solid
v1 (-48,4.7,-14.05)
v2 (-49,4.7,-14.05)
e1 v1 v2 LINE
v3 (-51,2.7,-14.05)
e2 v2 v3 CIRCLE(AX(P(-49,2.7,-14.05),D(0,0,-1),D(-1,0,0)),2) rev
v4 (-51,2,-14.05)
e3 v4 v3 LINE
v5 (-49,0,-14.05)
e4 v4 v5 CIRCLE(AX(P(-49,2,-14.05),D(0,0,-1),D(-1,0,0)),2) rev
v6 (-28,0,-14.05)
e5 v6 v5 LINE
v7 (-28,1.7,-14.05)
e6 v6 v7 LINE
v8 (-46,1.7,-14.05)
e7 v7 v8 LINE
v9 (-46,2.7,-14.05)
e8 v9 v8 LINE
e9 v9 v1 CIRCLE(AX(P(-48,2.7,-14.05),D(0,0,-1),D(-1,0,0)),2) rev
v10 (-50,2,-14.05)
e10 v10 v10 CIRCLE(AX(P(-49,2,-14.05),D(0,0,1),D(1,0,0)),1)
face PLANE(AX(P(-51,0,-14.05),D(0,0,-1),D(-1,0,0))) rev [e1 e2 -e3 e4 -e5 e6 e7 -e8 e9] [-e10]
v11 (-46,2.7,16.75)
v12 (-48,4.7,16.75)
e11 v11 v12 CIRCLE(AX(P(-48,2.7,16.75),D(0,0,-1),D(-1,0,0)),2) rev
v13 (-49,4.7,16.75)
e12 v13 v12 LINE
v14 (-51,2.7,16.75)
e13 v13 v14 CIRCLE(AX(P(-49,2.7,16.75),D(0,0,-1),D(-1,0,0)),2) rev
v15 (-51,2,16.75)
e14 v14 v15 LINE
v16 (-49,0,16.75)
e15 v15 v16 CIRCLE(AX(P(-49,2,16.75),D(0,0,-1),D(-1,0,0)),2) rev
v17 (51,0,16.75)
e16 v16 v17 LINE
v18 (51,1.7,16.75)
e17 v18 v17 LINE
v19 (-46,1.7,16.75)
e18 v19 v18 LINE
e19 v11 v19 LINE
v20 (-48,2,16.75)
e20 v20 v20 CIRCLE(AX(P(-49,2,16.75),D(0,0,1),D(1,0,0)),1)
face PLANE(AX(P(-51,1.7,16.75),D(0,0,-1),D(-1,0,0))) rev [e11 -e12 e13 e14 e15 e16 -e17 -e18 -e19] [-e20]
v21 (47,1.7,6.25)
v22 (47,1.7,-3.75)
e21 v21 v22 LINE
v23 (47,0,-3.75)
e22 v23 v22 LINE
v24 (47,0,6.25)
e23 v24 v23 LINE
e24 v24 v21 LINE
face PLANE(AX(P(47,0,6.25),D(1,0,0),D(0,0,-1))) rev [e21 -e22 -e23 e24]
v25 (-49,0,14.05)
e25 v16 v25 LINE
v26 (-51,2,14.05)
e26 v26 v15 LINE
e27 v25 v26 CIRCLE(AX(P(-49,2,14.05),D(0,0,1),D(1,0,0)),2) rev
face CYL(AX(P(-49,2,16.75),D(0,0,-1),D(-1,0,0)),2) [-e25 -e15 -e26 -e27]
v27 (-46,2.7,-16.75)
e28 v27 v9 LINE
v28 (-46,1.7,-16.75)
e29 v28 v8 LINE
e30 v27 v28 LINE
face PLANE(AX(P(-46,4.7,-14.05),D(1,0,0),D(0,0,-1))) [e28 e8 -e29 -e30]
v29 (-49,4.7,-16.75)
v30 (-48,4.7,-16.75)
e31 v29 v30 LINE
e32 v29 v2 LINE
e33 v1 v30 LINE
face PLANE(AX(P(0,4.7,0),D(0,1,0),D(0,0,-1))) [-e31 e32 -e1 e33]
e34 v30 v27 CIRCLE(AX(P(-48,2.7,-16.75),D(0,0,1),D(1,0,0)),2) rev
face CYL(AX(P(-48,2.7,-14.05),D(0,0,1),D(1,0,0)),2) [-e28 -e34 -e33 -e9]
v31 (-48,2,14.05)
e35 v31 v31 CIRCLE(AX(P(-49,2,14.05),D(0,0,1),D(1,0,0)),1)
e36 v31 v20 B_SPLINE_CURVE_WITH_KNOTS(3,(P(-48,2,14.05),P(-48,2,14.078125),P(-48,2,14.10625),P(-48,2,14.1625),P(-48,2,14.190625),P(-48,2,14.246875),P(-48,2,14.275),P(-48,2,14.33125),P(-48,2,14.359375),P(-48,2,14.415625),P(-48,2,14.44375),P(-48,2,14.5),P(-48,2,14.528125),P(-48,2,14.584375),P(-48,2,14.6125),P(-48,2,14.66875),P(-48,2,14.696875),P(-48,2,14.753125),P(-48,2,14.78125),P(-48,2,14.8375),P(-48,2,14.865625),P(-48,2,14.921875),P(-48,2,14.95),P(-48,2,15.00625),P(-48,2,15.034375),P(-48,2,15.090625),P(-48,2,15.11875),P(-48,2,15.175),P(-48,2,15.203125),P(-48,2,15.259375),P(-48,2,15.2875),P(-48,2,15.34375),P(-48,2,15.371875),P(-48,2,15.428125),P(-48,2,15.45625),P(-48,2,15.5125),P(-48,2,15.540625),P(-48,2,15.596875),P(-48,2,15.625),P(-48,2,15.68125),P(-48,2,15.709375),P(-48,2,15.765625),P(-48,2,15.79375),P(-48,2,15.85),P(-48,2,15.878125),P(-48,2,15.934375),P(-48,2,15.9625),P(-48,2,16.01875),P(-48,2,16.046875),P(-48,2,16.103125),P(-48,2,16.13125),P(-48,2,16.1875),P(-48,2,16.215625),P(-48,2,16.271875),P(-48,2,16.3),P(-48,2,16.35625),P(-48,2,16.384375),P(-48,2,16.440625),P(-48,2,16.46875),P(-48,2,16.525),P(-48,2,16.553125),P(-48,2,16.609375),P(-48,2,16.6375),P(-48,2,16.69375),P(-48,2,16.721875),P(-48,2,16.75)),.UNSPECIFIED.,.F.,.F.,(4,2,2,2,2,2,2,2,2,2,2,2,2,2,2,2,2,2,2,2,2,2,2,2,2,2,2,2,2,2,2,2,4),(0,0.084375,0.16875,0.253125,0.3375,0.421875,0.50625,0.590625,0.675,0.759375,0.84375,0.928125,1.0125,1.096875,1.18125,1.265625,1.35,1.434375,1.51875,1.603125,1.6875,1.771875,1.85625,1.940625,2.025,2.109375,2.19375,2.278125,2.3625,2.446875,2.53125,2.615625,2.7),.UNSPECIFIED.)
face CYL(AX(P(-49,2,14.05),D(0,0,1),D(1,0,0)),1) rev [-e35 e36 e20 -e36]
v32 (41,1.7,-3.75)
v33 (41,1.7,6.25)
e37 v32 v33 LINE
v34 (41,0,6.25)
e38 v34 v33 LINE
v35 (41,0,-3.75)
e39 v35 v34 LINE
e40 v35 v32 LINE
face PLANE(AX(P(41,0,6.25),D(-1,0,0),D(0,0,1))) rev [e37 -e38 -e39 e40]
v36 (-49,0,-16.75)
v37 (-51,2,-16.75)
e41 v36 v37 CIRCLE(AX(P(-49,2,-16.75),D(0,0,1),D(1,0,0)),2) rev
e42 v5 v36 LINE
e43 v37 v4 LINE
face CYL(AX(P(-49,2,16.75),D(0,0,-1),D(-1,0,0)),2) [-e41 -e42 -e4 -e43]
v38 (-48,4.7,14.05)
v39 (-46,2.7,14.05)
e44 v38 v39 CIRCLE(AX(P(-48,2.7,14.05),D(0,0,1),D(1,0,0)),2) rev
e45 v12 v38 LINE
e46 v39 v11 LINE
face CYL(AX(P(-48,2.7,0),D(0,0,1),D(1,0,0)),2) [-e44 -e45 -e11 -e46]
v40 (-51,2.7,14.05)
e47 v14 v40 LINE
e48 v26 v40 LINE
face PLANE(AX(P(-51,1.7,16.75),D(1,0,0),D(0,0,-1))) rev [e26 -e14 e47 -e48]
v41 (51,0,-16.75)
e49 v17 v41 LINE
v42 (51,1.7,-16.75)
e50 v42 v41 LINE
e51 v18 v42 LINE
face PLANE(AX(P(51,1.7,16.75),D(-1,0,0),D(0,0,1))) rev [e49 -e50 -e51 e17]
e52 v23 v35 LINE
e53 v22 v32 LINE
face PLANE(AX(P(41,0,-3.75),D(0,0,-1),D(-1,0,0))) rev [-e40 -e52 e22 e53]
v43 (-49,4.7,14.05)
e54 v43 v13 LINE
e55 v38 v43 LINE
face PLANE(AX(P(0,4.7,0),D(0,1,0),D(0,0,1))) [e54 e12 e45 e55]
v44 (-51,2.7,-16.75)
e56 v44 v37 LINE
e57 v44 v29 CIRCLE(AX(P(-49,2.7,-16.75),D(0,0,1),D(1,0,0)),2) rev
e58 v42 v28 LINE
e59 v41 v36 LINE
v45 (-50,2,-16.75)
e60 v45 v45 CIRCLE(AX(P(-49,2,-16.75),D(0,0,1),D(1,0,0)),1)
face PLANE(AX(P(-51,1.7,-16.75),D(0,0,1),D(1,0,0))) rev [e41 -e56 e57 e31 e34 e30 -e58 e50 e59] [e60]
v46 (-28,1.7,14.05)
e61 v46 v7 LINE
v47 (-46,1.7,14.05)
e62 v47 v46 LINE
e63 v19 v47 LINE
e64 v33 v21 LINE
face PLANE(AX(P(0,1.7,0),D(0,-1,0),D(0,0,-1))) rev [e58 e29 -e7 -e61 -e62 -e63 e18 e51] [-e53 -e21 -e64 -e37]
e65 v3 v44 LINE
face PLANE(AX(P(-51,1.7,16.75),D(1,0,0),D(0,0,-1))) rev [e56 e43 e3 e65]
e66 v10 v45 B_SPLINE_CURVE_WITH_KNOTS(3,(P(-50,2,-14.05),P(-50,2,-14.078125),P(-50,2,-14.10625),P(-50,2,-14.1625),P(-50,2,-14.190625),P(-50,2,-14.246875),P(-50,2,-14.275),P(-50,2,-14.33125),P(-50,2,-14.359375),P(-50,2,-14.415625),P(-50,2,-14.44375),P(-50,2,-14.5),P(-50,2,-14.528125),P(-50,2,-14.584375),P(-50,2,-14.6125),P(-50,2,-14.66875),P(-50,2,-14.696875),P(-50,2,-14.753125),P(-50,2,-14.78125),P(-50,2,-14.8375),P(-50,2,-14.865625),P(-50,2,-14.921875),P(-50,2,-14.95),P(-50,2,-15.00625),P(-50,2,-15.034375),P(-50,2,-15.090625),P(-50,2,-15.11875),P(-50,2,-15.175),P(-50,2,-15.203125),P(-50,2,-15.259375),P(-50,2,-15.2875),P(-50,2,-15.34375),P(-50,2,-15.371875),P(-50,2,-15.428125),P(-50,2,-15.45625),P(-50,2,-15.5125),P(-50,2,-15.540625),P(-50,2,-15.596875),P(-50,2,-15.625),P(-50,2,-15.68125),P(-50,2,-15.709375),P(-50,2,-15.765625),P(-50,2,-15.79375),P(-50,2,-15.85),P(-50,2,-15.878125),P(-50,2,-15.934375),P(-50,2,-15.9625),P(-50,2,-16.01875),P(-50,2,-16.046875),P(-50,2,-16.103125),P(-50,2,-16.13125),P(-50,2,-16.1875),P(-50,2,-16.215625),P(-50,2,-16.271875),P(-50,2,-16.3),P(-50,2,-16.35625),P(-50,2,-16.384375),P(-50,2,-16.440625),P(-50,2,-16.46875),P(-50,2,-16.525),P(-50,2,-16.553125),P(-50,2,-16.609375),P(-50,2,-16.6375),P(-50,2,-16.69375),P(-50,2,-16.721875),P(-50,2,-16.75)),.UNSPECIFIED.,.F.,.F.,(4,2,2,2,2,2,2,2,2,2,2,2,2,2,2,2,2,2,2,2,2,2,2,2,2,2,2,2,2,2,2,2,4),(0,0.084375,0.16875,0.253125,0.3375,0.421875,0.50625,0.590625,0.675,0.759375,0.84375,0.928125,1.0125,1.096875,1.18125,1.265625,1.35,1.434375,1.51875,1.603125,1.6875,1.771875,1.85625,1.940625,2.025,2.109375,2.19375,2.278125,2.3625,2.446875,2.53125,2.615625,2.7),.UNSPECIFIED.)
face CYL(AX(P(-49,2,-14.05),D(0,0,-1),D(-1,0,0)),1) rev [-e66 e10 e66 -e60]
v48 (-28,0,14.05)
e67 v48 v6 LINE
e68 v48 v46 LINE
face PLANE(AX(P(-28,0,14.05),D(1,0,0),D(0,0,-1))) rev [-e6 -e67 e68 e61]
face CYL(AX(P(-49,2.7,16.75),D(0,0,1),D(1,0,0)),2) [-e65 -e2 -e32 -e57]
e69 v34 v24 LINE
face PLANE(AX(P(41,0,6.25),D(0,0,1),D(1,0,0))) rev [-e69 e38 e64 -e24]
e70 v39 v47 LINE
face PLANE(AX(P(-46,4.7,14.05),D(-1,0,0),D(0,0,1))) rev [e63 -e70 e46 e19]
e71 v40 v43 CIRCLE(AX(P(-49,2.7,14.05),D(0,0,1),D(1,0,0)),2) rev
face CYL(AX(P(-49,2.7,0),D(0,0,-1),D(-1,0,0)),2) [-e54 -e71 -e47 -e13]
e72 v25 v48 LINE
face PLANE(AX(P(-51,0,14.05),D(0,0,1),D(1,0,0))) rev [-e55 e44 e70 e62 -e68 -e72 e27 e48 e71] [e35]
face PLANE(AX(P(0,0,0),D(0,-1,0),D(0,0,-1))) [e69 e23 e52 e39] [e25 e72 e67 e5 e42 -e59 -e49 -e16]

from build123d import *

# Parameters (mm, degrees)
SKETCH1_W            = 102
SKETCH1_H            = 33.5
BOSS_EXTRUDE1_DEPTH  = 1.7
SKETCH2_W            = 23
SKETCH2_H            = 28.1
CUT_EXTRUDE1_DEPTH   = 1.7
SKETCH4_W            = 5
SKETCH4_H            = 2.7
BOSS_EXTRUDE2_DEPTH  = 3
SKETCH5_R            = 1
CUT_EXTRUDE2_DEPTH   = 2.7
FILLET1_R            = 2
FILLET1_OF_MIRROR2_R = 2
SKETCH10_W           = 6
SKETCH10_H           = 10
CUT_EXTRUDE3_DEPTH   = 1.7


with BuildPart() as part:
    # Sketch1 → Boss-Extrude1 (new body)
    with BuildSketch(Plane(origin=(0, 0, 0), x_dir=(1, 0, 0), z_dir=(0, 1, 0))):
        Rectangle(SKETCH1_W, SKETCH1_H)
    extrude(amount=BOSS_EXTRUDE1_DEPTH)

    # Sketch2 → Cut-Extrude1 (cut)
    with BuildSketch(Plane(origin=(0, 1.7, 0), x_dir=(1, 0, 0), z_dir=(0, 1, 0))):
        with Locations((-39.5, 0)):
            Rectangle(SKETCH2_W, SKETCH2_H)
    extrude(amount=-CUT_EXTRUDE1_DEPTH, mode=Mode.SUBTRACT)

    # Sketch4 → Boss-Extrude2 (add)
    with BuildSketch(Plane(origin=(0, 1.7, 0), x_dir=(1, 0, 0), z_dir=(0, 1, 0))):
        with Locations((-48.5, -15.4)):
            Rectangle(SKETCH4_W, SKETCH4_H)
    boss_extrude2 = extrude(amount=BOSS_EXTRUDE2_DEPTH)

    # Sketch5 → Cut-Extrude2 (cut)
    with BuildSketch(Plane.XY.offset(16.75)):
        with Locations((-49, 2)):
            Circle(SKETCH5_R)
    cut_extrude2 = extrude(amount=-CUT_EXTRUDE2_DEPTH, mode=Mode.SUBTRACT)

    # Fillet1
    fillet1_edges = [part.edges().sort_by_distance(p)[0] for p in [
        (-51, 0, 15.4),
        (-51, 4.7, 15.4),
        (-46, 4.7, 15.4),
    ]]
    fillet(fillet1_edges, radius=FILLET1_R)

    # Mirror2: Boss-Extrude2, Cut-Extrude2 across plane
    add(boss_extrude2.mirror(Plane.XY))
    add(cut_extrude2.mirror(Plane.XY), mode=Mode.SUBTRACT)

    # Fillet1 of Mirror2
    fillet1_of_mirror2_edges = [part.edges().sort_by_distance(p)[0] for p in [
        (-51, 0, -15.4),
        (-51, 4.7, -15.4),
        (-46, 4.7, -15.4),
    ]]
    fillet(fillet1_of_mirror2_edges, radius=FILLET1_OF_MIRROR2_R)

    # Sketch10 → Cut-Extrude3 (cut)
    with BuildSketch(Plane(origin=(0, 1.7, 0), x_dir=(1, 0, 0), z_dir=(0, 1, 0))):
        with Locations((44, -1.25)):
            Rectangle(SKETCH10_W, SKETCH10_H)
    extrude(amount=-CUT_EXTRUDE3_DEPTH, mode=Mode.SUBTRACT)


solid = part.part
